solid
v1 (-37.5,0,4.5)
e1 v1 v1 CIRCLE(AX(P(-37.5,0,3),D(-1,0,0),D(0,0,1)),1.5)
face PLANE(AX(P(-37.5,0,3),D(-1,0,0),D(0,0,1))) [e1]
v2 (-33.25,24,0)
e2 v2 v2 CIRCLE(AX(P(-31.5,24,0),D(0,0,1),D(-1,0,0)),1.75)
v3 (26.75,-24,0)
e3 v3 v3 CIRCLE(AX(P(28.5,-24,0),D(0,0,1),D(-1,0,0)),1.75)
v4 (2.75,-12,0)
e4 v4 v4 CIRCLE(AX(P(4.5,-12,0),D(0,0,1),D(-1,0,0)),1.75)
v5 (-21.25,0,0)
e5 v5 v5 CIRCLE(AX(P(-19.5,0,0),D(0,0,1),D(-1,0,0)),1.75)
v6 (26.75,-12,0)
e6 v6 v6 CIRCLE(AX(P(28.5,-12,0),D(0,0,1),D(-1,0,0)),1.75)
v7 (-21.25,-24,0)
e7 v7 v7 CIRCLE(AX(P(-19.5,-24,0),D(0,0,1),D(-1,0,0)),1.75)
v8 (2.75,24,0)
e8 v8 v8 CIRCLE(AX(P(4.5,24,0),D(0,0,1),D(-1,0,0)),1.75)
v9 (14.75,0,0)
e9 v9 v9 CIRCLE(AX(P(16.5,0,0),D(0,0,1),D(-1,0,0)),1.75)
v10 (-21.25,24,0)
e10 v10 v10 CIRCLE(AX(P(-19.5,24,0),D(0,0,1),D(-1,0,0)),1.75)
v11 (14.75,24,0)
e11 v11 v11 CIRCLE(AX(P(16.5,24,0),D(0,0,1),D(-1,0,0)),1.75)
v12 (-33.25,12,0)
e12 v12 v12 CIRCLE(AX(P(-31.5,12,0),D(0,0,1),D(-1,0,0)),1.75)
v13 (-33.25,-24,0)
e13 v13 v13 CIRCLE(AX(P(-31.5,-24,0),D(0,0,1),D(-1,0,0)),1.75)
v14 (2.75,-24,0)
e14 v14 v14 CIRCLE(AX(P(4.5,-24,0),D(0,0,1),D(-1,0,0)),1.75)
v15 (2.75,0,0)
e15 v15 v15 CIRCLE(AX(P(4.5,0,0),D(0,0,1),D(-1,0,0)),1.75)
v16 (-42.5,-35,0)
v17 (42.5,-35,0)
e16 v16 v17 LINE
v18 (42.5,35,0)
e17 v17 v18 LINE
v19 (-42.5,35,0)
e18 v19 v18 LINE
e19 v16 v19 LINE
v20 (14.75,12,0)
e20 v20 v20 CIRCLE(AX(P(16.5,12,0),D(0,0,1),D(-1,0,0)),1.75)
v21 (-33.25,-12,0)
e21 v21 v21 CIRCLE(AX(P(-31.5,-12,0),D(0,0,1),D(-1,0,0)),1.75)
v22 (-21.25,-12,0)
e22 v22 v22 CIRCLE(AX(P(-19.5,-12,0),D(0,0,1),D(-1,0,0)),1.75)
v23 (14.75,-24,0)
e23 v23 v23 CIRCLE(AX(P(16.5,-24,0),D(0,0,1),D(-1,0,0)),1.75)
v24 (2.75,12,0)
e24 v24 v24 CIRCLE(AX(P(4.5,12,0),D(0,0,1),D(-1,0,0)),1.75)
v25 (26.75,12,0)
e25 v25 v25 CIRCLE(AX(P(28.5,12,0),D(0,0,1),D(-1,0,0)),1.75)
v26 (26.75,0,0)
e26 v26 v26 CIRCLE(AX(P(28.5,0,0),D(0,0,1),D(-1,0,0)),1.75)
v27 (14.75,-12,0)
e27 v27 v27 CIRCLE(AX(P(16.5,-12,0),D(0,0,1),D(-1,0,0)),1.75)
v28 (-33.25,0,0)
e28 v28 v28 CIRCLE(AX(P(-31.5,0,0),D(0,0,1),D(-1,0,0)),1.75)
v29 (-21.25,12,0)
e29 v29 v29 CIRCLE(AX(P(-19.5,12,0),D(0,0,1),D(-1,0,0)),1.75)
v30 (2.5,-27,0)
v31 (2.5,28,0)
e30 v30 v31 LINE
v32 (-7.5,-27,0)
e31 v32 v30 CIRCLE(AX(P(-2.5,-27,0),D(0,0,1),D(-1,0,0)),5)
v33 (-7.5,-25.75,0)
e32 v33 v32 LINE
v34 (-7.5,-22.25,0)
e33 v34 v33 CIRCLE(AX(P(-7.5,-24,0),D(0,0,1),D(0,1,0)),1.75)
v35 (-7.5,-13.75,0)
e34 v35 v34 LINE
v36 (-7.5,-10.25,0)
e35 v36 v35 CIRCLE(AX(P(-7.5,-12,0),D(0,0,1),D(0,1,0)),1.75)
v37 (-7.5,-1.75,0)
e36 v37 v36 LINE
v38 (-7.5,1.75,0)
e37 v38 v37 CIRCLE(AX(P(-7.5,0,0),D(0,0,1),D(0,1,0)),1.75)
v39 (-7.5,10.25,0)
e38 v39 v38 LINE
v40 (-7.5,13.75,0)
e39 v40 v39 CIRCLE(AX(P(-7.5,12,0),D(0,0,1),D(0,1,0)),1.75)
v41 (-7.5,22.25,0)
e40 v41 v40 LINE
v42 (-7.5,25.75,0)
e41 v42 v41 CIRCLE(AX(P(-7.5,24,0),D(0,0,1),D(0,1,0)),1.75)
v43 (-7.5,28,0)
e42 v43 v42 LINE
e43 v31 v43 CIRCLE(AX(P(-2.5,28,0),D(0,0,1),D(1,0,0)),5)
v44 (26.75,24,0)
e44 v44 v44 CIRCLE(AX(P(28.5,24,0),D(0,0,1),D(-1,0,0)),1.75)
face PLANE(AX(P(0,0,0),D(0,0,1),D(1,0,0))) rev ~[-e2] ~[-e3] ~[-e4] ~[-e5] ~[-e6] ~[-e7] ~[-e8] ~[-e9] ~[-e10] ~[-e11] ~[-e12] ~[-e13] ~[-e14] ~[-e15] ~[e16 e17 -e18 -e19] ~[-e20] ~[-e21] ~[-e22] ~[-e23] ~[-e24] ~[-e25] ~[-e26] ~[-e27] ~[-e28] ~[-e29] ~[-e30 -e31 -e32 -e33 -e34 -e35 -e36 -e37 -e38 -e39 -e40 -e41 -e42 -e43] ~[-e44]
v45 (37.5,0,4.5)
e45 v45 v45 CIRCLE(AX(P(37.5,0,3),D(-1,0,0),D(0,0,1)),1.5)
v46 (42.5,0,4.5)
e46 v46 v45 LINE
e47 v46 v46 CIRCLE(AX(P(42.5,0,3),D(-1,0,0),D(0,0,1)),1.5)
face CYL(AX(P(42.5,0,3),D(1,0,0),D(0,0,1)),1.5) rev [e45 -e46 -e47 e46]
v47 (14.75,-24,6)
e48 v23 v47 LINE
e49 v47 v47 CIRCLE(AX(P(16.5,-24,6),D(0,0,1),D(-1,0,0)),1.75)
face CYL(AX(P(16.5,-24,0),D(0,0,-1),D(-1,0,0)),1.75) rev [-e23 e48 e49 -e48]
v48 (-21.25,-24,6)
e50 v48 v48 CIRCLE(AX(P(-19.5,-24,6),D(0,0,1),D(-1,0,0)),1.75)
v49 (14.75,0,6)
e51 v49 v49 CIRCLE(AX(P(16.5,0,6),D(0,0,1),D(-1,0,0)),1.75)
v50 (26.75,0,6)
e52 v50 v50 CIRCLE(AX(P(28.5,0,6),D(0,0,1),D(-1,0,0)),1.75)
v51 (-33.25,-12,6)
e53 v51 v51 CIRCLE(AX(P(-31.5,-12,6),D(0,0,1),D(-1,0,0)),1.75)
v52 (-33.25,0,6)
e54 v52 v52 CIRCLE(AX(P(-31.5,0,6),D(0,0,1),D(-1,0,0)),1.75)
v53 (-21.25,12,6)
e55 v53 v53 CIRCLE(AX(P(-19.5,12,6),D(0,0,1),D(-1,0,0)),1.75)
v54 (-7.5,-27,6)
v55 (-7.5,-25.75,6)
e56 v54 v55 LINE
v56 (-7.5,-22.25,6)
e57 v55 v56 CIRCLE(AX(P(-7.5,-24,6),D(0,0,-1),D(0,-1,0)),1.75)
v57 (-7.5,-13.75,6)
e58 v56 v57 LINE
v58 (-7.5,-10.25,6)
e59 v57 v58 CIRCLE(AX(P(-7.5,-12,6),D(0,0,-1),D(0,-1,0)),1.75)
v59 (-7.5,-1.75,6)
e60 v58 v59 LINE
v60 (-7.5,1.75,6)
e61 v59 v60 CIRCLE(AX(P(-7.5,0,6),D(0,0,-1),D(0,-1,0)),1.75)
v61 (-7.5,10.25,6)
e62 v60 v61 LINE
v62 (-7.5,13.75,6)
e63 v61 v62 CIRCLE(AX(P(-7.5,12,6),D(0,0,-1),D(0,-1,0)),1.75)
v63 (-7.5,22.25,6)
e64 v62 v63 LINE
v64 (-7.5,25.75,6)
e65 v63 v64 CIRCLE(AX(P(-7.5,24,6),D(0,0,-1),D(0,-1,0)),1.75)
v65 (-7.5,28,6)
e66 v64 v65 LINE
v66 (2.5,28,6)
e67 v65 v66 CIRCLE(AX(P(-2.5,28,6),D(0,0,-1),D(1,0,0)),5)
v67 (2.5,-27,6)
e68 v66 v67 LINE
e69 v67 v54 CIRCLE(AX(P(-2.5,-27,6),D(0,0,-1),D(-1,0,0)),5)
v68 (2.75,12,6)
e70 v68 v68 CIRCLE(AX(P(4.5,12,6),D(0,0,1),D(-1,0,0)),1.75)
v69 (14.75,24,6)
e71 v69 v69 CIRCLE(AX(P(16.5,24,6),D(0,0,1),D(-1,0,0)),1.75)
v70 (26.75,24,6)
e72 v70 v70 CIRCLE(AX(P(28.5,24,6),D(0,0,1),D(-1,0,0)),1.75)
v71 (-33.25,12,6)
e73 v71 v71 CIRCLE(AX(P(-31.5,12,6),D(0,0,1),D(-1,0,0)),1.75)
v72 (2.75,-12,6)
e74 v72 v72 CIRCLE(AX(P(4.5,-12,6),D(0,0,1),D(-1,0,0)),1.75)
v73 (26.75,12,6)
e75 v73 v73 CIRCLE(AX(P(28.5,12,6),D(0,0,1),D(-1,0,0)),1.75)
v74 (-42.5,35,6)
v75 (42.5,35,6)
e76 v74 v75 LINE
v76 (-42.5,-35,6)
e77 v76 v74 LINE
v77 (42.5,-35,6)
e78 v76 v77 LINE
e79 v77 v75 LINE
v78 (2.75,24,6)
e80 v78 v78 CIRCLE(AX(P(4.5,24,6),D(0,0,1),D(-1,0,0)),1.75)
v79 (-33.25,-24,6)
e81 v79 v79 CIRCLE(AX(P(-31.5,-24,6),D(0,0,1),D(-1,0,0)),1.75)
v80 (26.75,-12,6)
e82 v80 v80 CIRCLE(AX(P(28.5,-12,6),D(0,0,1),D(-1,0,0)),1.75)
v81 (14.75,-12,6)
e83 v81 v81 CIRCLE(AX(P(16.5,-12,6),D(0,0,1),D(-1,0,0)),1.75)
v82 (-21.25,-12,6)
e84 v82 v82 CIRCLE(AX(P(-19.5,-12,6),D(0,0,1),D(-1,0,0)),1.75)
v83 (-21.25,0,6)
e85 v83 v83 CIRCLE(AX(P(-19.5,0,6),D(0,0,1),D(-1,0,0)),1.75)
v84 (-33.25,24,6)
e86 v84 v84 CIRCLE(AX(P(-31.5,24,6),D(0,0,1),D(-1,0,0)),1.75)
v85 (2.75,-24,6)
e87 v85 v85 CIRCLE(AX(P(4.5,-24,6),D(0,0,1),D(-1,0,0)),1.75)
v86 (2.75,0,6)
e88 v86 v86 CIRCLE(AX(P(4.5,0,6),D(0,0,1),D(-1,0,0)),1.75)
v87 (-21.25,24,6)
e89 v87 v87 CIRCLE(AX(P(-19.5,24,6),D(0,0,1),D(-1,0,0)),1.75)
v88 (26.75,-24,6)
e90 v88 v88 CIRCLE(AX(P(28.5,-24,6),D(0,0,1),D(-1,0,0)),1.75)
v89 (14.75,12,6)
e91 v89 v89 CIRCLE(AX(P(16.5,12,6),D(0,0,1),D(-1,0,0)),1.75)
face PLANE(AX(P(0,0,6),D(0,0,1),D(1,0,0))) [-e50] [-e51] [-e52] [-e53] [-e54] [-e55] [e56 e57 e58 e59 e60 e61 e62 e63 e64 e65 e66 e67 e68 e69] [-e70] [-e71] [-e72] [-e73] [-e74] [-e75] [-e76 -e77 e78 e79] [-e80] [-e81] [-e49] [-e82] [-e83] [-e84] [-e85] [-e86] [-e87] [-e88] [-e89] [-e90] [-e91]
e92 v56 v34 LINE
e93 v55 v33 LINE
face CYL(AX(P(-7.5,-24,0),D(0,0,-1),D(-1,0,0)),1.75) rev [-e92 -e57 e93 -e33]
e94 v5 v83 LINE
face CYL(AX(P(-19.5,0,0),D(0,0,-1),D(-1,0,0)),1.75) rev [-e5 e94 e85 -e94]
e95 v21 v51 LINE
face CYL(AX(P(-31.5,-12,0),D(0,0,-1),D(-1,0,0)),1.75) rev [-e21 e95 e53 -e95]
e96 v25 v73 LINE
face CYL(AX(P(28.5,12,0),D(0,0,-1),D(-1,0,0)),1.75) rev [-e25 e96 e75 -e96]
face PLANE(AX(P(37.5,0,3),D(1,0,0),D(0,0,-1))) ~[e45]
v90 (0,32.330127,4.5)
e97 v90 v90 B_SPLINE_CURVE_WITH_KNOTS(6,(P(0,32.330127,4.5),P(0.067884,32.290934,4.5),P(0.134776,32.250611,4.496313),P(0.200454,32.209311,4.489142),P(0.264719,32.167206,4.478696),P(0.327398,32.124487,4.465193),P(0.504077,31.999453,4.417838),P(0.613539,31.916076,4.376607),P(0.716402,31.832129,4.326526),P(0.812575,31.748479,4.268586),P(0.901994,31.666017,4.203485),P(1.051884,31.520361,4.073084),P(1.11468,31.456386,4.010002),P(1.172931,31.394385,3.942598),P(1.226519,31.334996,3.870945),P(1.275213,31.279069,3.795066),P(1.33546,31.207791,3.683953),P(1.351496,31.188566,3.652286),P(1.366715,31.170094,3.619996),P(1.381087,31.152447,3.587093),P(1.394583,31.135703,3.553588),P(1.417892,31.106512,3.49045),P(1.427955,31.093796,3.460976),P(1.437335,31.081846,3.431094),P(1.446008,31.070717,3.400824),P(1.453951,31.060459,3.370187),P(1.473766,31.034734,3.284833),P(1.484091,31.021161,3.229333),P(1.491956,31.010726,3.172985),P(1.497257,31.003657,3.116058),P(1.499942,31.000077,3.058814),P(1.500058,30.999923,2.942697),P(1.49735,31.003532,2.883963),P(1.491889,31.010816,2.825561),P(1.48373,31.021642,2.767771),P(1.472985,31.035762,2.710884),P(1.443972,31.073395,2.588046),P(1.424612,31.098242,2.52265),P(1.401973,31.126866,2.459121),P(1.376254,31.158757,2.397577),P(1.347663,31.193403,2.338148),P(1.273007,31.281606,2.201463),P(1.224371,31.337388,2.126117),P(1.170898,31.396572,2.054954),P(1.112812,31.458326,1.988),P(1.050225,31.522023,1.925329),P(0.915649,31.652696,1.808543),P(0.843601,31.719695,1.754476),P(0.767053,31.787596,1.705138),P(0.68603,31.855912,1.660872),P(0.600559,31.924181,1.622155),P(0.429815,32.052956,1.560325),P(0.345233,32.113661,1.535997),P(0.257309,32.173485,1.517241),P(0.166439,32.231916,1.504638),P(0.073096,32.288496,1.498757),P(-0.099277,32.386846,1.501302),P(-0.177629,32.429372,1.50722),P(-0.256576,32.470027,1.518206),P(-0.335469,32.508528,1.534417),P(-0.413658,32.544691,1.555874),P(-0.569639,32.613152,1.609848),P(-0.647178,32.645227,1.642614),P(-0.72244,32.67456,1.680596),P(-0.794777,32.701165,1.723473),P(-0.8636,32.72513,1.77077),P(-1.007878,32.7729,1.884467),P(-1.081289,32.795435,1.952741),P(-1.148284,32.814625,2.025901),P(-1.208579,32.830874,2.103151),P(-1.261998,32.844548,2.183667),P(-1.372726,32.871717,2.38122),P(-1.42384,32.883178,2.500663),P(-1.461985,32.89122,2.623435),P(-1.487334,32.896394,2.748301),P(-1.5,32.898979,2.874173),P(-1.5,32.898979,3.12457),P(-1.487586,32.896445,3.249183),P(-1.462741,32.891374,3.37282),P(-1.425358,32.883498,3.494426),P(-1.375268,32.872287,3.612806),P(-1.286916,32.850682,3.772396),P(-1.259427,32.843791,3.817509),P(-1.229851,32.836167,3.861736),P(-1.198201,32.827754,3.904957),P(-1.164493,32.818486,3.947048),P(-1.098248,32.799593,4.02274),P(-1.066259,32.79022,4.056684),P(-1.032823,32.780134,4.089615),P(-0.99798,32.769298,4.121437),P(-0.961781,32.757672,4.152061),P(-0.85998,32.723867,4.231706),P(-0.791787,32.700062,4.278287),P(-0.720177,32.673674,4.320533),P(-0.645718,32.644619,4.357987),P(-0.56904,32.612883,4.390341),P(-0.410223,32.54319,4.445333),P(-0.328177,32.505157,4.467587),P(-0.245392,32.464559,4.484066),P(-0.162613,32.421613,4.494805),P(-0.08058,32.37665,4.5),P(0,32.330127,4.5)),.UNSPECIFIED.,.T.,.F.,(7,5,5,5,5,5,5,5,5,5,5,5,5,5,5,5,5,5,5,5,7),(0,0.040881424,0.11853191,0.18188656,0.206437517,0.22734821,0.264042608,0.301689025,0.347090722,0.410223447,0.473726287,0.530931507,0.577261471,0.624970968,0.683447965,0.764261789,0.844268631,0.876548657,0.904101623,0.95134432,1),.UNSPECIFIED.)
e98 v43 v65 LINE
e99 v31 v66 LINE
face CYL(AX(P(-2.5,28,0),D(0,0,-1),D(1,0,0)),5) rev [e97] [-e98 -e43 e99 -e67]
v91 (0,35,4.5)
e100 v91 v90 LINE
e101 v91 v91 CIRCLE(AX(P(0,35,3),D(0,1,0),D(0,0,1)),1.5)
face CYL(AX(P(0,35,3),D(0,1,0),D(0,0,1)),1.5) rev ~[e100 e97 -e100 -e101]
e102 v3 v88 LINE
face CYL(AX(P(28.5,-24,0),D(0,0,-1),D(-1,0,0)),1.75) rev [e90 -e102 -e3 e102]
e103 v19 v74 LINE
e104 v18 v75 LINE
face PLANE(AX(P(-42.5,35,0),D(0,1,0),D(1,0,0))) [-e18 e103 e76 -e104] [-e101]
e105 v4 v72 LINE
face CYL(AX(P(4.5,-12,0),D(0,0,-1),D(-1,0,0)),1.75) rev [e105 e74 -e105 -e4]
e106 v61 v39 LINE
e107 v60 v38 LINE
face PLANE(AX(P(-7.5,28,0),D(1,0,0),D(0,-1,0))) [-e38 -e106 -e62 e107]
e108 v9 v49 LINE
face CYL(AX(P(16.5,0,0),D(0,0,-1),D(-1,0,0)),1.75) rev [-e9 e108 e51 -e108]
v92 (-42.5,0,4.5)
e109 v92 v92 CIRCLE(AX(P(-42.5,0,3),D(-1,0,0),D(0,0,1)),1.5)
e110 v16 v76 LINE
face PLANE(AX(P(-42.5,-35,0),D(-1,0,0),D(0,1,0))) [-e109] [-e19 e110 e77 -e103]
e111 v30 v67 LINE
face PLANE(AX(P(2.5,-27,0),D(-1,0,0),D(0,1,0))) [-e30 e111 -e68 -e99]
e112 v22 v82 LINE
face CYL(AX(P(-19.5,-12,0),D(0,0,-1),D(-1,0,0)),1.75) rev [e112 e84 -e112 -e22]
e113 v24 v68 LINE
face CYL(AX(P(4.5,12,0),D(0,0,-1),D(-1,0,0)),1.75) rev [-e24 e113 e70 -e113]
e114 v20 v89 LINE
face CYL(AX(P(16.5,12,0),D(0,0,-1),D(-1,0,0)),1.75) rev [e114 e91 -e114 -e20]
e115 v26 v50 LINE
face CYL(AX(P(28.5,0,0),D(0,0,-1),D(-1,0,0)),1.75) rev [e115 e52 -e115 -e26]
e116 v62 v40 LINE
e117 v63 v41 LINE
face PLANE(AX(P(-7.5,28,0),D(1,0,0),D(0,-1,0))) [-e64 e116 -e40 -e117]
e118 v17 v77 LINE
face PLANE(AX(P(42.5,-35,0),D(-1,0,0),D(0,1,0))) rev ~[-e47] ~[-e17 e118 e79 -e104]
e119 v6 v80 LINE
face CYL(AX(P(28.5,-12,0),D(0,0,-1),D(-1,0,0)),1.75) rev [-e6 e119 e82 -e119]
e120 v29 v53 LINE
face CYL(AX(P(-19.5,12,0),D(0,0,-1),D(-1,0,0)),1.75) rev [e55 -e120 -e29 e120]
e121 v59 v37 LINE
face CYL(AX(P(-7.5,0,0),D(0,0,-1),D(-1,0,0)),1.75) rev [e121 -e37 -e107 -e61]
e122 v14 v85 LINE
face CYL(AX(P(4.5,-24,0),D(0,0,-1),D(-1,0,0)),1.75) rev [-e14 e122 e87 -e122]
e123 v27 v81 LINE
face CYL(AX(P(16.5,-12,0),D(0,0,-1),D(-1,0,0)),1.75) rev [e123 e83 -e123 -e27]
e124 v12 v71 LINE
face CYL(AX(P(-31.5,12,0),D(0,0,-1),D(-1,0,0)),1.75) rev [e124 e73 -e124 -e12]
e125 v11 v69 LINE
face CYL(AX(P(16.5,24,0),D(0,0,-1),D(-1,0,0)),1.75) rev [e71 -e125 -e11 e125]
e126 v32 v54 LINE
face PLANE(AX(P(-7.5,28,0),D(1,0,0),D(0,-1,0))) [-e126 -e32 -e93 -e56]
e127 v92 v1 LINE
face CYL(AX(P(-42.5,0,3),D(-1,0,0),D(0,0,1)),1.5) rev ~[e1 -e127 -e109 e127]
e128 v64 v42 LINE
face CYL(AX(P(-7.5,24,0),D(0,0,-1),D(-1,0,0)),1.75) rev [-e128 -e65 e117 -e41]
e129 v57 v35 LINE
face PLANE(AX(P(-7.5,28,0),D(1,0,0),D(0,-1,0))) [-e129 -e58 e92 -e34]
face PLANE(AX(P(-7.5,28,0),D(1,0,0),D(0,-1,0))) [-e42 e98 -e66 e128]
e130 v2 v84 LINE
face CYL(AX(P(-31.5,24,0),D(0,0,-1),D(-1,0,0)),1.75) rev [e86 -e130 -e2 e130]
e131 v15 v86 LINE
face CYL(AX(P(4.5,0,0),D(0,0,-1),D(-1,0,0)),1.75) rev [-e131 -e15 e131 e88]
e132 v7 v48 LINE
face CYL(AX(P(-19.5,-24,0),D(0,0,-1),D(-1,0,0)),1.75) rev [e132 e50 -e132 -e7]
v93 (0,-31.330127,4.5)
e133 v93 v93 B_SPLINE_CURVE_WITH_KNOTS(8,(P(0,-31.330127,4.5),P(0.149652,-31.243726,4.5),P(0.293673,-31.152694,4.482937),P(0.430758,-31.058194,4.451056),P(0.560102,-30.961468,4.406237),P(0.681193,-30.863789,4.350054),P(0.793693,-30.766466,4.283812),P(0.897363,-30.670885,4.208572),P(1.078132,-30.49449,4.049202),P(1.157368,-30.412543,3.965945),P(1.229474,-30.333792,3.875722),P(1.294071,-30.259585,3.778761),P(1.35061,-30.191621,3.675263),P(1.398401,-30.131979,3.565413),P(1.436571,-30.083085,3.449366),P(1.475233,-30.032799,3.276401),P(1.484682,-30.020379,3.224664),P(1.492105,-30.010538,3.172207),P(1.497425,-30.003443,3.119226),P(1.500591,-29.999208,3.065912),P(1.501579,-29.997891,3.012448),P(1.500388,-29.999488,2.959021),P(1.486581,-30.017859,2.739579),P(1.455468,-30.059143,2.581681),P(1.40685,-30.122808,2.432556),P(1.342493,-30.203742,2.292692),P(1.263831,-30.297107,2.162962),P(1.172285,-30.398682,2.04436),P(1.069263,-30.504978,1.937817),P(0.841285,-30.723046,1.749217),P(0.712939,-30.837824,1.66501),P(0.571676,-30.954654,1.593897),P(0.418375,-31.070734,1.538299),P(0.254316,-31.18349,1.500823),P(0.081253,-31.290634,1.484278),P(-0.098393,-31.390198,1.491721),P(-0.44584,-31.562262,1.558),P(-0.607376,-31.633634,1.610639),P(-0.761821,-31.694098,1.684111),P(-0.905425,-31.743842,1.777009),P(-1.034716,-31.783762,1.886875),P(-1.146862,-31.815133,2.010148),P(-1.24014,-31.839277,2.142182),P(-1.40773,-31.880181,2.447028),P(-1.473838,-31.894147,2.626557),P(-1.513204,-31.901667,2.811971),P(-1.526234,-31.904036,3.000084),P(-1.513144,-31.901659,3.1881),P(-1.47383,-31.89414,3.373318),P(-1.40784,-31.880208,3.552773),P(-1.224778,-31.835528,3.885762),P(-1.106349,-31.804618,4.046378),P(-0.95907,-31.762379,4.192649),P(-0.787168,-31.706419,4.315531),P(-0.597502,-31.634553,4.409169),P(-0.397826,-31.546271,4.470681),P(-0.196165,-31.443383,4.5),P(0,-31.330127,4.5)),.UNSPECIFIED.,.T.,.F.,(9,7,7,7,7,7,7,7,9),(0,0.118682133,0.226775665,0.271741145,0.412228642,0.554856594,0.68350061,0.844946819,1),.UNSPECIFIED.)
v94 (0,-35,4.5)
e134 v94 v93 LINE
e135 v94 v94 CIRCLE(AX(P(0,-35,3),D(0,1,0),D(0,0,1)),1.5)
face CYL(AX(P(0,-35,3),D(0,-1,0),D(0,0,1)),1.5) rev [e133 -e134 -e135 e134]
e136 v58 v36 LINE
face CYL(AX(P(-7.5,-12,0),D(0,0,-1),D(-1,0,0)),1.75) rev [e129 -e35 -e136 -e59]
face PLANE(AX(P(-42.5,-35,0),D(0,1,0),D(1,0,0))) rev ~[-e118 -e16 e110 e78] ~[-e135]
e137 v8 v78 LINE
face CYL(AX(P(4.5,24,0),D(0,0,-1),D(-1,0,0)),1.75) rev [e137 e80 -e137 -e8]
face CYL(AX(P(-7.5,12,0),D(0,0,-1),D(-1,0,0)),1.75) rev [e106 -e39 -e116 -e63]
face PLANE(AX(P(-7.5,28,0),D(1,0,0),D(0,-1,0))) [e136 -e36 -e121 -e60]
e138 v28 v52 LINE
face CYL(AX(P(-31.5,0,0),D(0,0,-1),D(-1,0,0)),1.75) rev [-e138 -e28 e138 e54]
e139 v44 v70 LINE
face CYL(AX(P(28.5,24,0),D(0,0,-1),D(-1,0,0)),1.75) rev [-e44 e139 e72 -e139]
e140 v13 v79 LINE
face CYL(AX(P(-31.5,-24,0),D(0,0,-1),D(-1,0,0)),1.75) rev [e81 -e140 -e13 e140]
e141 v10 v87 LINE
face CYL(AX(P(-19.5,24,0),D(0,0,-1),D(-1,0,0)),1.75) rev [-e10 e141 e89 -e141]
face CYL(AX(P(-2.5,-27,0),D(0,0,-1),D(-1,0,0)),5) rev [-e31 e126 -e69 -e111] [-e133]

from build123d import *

# Parameters (mm, degrees)
ESQUISSE1_W                     = 85
ESQUISSE1_H                     = 70
BOSS_EXTRU_1_DEPTH              = 6
ESQUISSE3_R                     = 1.5
ENL_V_MAT_EXTRU_5_DEPTH         = 5
ESQUISSE5_R                     = 1.75
ENL_V_MAT_EXTRU_6_DEPTH         = 6
R_P_TITION_LIN_AIRE2_COUNT      = 6
R_P_TITION_LIN_AIRE2_PITCH      = 12
R_P_TITION_LIN_AIRE2_COUNT_DIR2 = 5
R_P_TITION_LIN_AIRE2_PITCH_DIR2 = 12
ESQUISSE8_R                     = 1.5
ENL_V_MAT_EXTRU_8_DEPTH         = 5
CUT_EXTRUDE2_DEPTH              = 56.38275905


with BuildPart() as part:
    # Esquisse1 → Boss.-Extru.1 (new body)
    with BuildSketch(Plane.XY):
        Rectangle(ESQUISSE1_W, ESQUISSE1_H)
    extrude(amount=BOSS_EXTRU_1_DEPTH)

    # Esquisse3 → Enlèv. mat.-Extru.5 (cut)
    with BuildSketch(Plane.ZY.offset(42.5)):
        with Locations((3, 0)):
            Circle(ESQUISSE3_R)
    enl_v_mat_extru_5 = extrude(amount=-ENL_V_MAT_EXTRU_5_DEPTH, mode=Mode.SUBTRACT)

    # Symétrie1: Enlèv. mat.-Extru.5 across plane
    add(enl_v_mat_extru_5.mirror(Plane(origin=(0, 0, 0), x_dir=(0, 0, 1), z_dir=(1, 0, 0))), mode=Mode.SUBTRACT)

    # Esquisse5 → Enlèv. mat.-Extru.6 (cut)
    with BuildSketch(Plane.XY):
        with Locations(Location((-31.5, -24, 0), (0, 0, 180))):
            Circle(ESQUISSE5_R)
    enl_v_mat_extru_6 = extrude(amount=ENL_V_MAT_EXTRU_6_DEPTH, mode=Mode.SUBTRACT)

    # Répétition linéaire2: Enl_v. mat.-Extru.6 6 × 5
    with Locations(*[(i * R_P_TITION_LIN_AIRE2_PITCH, j * R_P_TITION_LIN_AIRE2_PITCH_DIR2, 0) for i in range(R_P_TITION_LIN_AIRE2_COUNT) for j in range(R_P_TITION_LIN_AIRE2_COUNT_DIR2) if (i, j) != (0, 0)]):
        add(enl_v_mat_extru_6, mode=Mode.SUBTRACT)

    # Esquisse8 → Enlèv. mat.-Extru.8 (cut)
    with BuildSketch(Plane(origin=(0, 35, 0), x_dir=(1, 0, 0), z_dir=(0, 1, 0))):
        with Locations(Location((0, -3, 0), (0, 0, 270))):
            Circle(ESQUISSE8_R)
    enl_v_mat_extru_8 = extrude(amount=-ENL_V_MAT_EXTRU_8_DEPTH, mode=Mode.SUBTRACT)

    # Symétrie2: Enlèv. mat.-Extru.8 across plane
    add(enl_v_mat_extru_8.mirror(Plane.ZX), mode=Mode.SUBTRACT)

    # Sketch1 → Cut-Extrude2 (cut, through all)
    with BuildSketch(Plane(origin=(0, 0, 0), x_dir=(-1, 0, 0), z_dir=(0, 0, -1))):
        with BuildLine():
            Line((-2.5, -27), (-2.5, 28))
            ThreePointArc((-2.5, 28), (2.5, 33), (7.5, 28))
            Line((7.5, 28), (7.5, -27))
            ThreePointArc((7.5, -27), (2.5, -32), (-2.5, -27))
        make_face()
    extrude(amount=-CUT_EXTRUDE2_DEPTH, mode=Mode.SUBTRACT)


solid = part.part
